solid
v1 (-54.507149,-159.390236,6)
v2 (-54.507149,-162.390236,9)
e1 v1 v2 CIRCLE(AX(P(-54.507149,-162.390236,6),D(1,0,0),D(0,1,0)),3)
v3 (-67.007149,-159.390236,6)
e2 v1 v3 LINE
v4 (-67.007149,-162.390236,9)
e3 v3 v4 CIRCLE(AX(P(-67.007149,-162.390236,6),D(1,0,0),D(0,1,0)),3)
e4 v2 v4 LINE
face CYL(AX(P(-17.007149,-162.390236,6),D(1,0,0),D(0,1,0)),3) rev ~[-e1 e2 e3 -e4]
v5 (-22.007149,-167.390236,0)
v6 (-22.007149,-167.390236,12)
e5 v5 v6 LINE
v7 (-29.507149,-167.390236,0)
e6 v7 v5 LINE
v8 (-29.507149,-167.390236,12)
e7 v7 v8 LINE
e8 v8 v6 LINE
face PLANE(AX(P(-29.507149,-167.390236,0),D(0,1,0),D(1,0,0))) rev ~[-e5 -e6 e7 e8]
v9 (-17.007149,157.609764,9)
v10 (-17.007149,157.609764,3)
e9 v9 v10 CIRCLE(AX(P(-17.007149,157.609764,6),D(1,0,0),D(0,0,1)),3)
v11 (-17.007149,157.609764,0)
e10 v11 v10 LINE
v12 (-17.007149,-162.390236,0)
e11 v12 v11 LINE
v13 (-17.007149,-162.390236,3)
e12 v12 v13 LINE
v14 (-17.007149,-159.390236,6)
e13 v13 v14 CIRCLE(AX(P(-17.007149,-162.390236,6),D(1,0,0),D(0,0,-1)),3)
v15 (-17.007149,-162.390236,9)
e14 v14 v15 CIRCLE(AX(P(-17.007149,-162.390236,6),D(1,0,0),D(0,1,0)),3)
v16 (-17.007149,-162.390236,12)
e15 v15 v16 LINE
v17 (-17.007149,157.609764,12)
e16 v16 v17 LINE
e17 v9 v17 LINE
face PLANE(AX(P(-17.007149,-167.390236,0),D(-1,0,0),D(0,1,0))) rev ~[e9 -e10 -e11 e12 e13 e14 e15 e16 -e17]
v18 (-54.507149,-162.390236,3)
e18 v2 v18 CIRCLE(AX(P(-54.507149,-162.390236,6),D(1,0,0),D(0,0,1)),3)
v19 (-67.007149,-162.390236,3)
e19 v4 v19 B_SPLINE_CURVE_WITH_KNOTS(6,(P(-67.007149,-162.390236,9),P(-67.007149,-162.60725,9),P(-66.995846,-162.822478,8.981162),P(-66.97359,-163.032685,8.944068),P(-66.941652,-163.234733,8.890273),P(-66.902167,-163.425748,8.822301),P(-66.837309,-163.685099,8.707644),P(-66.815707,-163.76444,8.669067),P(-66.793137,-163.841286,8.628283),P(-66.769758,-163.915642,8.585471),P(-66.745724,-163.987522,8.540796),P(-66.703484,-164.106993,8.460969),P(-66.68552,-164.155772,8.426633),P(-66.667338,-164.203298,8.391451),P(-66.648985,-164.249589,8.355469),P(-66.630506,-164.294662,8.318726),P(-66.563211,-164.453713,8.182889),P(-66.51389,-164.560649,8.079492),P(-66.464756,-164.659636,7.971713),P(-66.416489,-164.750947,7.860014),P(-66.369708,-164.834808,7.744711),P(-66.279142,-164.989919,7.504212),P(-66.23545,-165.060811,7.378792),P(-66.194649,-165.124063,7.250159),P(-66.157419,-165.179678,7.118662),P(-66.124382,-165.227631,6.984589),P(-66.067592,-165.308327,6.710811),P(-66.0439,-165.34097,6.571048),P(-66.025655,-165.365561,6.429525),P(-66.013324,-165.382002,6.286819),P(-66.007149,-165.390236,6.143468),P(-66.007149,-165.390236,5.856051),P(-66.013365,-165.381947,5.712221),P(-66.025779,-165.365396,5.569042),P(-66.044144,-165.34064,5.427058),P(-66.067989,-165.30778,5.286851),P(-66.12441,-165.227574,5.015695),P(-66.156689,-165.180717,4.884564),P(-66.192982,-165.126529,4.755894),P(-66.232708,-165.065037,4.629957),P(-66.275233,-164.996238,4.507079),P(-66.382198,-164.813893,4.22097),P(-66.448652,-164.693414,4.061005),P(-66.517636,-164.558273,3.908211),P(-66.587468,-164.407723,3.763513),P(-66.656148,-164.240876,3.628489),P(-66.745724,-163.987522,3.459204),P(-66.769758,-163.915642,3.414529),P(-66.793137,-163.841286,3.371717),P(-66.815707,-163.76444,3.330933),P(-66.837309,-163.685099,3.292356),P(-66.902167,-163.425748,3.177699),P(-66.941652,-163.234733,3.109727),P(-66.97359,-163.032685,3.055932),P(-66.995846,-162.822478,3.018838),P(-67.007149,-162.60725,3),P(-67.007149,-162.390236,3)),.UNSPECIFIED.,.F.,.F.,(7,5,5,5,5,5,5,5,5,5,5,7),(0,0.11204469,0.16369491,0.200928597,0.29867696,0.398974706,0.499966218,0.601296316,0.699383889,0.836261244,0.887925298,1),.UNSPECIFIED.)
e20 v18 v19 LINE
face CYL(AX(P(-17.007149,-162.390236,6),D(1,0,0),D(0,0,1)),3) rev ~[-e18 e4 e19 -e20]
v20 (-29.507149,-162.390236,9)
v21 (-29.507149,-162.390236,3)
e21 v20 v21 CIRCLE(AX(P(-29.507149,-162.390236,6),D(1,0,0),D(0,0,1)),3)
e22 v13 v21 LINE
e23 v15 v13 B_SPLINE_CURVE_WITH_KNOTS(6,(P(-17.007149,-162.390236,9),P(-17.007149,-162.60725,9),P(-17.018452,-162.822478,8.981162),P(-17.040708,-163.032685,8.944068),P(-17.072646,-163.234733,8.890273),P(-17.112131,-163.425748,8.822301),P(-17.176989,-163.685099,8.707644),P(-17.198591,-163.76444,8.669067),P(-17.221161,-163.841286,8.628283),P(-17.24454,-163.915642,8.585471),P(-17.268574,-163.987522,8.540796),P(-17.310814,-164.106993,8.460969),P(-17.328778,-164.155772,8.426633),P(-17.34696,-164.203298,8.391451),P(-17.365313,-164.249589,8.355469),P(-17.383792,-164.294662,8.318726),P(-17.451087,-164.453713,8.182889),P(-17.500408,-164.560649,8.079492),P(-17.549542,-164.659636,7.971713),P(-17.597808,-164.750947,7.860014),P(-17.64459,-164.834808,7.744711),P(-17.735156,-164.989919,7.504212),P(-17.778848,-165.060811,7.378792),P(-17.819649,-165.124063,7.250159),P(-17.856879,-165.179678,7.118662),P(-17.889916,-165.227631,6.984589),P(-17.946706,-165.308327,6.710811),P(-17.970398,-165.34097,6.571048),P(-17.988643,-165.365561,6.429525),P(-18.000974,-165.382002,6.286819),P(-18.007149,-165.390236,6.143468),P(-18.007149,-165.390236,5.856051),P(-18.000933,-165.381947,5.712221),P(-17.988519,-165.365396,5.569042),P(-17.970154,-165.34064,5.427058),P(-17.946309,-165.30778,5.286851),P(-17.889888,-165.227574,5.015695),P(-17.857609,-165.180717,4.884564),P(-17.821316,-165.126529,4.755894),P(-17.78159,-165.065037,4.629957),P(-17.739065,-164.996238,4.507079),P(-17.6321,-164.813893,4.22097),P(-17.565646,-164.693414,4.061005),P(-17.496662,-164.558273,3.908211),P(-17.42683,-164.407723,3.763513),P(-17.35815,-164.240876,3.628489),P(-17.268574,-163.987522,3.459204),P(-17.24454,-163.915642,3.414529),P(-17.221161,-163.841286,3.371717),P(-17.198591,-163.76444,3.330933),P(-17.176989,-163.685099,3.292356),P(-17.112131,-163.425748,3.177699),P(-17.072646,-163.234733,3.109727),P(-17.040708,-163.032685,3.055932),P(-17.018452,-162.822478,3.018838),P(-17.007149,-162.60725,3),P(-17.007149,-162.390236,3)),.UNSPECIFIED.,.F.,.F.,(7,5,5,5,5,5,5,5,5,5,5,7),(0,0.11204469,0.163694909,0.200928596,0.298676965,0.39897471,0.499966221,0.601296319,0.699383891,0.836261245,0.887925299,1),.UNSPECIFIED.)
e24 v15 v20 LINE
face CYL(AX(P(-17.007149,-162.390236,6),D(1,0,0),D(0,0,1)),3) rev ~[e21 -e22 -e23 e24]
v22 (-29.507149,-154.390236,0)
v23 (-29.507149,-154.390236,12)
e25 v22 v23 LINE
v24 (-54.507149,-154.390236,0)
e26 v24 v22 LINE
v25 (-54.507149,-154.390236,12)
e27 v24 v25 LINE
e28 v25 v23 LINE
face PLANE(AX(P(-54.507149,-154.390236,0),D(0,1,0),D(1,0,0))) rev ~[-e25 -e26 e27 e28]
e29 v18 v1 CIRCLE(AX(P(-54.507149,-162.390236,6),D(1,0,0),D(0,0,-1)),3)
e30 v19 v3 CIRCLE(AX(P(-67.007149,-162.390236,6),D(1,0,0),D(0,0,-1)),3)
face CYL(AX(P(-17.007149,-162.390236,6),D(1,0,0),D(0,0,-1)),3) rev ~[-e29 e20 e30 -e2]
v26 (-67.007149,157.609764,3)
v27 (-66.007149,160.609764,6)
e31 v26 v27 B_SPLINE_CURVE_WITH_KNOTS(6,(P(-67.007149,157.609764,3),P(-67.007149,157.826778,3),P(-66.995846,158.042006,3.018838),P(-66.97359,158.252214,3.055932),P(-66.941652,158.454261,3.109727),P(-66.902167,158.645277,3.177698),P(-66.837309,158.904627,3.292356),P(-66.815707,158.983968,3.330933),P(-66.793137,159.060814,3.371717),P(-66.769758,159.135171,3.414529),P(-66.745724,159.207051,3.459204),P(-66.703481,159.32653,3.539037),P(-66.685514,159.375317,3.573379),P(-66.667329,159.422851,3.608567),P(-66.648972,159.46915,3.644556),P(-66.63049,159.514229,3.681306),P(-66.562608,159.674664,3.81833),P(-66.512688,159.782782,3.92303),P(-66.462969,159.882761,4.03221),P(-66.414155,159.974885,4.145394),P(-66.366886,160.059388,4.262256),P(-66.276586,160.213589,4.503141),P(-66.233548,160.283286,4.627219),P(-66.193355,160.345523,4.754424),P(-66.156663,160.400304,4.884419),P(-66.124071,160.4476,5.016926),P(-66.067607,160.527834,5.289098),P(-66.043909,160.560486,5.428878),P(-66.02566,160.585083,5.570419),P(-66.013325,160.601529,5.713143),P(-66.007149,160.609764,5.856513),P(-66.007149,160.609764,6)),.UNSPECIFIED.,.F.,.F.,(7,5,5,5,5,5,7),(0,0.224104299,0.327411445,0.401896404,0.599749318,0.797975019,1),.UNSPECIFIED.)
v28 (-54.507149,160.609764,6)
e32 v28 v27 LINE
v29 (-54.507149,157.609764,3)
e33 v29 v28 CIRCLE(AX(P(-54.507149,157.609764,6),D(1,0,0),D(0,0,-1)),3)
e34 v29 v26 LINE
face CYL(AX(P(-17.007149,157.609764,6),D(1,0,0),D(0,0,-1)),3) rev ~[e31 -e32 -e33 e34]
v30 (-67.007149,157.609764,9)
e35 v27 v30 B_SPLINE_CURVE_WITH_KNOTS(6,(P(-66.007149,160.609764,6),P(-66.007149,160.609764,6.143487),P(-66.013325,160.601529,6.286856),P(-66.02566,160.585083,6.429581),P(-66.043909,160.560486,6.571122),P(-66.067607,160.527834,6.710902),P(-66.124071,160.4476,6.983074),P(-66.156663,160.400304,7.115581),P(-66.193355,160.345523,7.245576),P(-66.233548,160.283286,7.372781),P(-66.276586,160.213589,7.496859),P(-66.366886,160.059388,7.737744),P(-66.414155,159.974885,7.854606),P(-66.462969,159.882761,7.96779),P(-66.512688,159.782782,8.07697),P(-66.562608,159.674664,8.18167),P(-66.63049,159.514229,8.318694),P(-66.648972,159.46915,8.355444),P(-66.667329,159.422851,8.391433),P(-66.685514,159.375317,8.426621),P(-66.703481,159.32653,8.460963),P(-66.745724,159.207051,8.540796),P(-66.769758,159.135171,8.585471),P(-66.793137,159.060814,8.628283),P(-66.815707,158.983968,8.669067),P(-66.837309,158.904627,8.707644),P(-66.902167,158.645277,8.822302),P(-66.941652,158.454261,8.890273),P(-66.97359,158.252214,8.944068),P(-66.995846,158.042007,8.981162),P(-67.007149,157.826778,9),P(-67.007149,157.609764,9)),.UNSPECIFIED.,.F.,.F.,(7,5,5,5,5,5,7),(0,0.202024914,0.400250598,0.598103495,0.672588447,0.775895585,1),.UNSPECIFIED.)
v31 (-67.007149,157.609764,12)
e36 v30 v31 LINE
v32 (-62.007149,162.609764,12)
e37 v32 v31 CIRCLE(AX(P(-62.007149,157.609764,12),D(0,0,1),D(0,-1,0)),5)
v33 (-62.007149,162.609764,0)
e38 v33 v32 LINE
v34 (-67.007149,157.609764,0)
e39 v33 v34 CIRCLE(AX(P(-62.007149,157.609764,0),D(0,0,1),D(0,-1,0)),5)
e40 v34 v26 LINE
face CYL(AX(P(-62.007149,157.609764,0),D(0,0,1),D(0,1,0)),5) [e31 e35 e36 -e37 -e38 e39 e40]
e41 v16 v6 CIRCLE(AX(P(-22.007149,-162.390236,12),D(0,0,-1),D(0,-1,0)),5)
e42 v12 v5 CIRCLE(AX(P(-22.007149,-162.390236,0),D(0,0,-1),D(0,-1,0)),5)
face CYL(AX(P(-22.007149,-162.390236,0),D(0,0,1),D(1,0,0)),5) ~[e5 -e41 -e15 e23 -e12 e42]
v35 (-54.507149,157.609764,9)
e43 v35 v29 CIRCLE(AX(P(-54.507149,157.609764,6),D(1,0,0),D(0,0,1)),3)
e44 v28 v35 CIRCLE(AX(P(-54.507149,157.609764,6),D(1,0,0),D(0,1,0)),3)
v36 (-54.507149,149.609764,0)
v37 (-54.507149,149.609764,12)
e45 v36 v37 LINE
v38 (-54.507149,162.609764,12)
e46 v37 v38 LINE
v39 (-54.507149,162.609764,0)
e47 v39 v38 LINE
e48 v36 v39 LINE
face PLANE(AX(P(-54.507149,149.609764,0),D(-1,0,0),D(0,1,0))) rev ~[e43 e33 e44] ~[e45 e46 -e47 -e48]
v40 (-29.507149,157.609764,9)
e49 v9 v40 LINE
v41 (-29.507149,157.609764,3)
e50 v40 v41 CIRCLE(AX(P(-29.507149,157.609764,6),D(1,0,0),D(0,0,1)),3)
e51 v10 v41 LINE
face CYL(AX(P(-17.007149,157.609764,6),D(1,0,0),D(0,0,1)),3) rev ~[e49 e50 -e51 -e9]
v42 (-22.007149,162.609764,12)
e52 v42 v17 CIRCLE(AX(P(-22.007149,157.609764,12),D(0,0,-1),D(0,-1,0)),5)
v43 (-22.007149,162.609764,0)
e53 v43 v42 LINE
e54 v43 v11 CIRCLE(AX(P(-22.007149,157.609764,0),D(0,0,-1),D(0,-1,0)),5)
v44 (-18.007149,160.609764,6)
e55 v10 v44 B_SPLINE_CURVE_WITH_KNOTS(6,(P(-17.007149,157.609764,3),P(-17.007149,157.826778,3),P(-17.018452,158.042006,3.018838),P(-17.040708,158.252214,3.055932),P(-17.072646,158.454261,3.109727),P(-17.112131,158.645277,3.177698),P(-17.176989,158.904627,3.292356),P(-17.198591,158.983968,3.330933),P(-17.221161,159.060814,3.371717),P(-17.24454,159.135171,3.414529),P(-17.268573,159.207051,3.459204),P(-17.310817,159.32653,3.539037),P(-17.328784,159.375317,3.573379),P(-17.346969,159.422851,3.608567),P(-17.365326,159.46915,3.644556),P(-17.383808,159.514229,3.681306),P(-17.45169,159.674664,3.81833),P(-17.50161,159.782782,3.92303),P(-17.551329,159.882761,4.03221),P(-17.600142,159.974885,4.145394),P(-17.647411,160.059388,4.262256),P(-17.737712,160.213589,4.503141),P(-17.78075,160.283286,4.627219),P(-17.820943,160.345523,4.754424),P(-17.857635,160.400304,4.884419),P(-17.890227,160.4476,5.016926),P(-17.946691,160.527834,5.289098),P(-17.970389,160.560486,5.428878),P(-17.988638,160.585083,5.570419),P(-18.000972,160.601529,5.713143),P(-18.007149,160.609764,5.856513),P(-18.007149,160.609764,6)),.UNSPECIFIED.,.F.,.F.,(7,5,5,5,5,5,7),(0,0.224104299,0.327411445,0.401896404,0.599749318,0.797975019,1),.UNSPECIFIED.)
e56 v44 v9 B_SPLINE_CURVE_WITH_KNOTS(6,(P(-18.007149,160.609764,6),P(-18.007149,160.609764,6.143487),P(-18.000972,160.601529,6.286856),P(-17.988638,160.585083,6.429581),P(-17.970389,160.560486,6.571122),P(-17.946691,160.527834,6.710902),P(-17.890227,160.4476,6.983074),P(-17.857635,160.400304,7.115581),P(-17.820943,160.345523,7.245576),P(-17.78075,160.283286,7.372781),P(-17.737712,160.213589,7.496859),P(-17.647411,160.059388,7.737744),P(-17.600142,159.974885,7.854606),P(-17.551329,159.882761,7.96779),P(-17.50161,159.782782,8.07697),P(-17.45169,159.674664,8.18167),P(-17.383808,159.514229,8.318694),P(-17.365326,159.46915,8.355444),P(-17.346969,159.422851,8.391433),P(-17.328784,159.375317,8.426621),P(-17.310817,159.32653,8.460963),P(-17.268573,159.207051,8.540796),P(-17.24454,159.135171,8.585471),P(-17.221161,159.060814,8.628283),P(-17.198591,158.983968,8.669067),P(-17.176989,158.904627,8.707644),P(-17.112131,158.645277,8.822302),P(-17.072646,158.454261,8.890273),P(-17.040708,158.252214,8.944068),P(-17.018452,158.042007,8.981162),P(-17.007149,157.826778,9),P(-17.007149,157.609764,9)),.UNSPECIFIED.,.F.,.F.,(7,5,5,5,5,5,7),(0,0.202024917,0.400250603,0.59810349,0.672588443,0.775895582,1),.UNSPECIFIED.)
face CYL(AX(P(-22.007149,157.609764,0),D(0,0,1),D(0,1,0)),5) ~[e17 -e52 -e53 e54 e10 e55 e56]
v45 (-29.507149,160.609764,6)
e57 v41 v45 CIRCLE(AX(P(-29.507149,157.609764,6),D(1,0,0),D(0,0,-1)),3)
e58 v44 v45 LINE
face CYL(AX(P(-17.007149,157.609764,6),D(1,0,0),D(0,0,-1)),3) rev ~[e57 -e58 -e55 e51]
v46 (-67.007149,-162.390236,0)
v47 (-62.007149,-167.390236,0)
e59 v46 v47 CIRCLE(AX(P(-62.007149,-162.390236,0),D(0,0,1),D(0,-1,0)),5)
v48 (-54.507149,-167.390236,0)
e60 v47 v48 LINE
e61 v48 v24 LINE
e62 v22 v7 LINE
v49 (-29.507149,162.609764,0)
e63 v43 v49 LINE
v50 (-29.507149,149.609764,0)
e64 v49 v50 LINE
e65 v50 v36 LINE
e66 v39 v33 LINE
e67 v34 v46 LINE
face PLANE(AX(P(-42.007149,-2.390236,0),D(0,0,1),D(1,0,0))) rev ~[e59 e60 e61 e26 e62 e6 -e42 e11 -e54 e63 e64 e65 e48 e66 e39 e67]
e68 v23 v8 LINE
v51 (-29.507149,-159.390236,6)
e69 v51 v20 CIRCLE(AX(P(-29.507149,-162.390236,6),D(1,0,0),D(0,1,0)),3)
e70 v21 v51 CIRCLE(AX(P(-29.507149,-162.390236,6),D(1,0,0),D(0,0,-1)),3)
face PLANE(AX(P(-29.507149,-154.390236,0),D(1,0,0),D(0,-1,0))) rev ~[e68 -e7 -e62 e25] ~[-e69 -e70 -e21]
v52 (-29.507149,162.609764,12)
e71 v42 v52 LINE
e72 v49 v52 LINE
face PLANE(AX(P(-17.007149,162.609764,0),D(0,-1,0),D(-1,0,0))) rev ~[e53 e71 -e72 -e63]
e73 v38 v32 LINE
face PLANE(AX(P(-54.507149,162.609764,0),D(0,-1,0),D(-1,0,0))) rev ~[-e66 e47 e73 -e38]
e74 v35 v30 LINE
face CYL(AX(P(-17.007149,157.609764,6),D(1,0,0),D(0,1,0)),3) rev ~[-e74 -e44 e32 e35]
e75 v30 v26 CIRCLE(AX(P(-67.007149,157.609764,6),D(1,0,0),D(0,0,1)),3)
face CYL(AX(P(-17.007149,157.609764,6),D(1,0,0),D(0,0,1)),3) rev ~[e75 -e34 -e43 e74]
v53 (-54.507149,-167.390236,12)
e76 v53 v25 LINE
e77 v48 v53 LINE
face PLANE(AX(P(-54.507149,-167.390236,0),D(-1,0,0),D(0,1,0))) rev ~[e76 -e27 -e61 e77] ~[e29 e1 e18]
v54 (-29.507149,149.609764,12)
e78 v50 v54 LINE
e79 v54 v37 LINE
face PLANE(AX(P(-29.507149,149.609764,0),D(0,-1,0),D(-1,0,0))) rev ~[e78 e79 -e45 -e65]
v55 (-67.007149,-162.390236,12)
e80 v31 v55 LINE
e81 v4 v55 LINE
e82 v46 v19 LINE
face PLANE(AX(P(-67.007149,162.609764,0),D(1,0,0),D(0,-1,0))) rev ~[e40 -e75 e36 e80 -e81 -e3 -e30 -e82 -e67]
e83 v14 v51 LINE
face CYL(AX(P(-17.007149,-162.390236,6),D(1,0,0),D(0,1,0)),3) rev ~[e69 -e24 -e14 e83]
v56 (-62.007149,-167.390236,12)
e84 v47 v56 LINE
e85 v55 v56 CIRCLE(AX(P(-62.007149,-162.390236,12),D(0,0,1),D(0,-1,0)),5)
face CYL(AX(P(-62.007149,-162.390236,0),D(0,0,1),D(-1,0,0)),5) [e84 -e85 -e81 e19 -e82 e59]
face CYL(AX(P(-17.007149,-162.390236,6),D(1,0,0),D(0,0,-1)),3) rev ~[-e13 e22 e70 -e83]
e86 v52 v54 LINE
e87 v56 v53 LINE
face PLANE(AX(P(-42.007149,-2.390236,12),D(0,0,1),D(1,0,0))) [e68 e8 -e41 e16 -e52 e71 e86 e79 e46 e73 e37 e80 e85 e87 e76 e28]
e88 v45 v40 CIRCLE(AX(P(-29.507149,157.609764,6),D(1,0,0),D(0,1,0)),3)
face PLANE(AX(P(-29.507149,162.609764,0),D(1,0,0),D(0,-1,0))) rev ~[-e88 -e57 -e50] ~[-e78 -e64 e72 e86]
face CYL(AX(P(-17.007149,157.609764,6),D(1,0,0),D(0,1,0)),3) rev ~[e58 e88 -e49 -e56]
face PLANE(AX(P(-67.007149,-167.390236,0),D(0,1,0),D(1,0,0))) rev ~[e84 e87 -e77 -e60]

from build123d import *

# Parameters (mm, degrees)
F1_DEPTH = 12
F2_R     = 5
F3_R     = 5
F5_DEPTH = 50.001


with BuildPart() as f1:
    # F0 (on Top) → F1 (new body)
    with BuildSketch(Plane.XY):
        Polygon((-54.5071489434, 162.6097643375), (-67.0071489434, 162.6097643375), (-67.0071489434, -167.3902356625), (-54.5071489434, -167.3902356625), (-54.5071489434, -154.3902356625), (-29.5071489434, -154.3902356625), (-29.5071489434, -167.3902356625), (-17.0071489434, -167.3902356625), (-17.0071489434, 162.6097643375), (-29.5071489434, 162.6097643375), (-29.5071489434, 149.6097643375), (-54.5071489434, 149.6097643375), align=None)
    extrude(amount=F1_DEPTH)

    # F2
    f2_edges = [f1.edges().sort_by_distance(p)[0] for p in [
        (-67.007149, 162.609764, 6),
    ]]
    fillet(f2_edges, radius=F2_R)

    # F3
    f3_edges = [f1.edges().sort_by_distance(p)[0] for p in [
        (-67.007149, -167.390236, 6),
        (-17.007149, -167.390236, 6),
        (-17.007149, 162.609764, 6),
    ]]
    fillet(f3_edges, radius=F3_R)

    # F4 (on face) → F5 (cut, through all)
    with BuildSketch(Plane.YZ.offset(-17.0071489434)):
        with BuildLine():
            Line((157.6097643375, 3), (157.6097643375, 9))
            ThreePointArc((157.6097643375, 9), (154.6097643375, 6), (157.6097643375, 3))
        make_face()
        with BuildLine():
            ThreePointArc((160.6097643375, 6), (159.7310846811, 8.1213203436), (157.6097643375, 9))
            Line((157.6097643375, 9), (157.6097643375, 3))
            ThreePointArc((157.6097643375, 3), (159.7310846811, 3.8786796564), (160.6097643375, 6))
        make_face()
        with BuildLine():
            Line((-162.3902356625, 3), (-162.3902356625, 9))
            ThreePointArc((-162.3902356625, 9), (-165.3902356625, 6), (-162.3902356625, 3))
        make_face()
        with BuildLine():
            ThreePointArc((-162.3902356625, 3), (-160.2689153189, 3.8786796564), (-159.3902356625, 6))
            ThreePointArc((-159.3902356625, 6), (-160.2689153189, 8.1213203436), (-162.3902356625, 9))
            Line((-162.3902356625, 9), (-162.3902356625, 3))
        make_face()
    extrude(amount=-F5_DEPTH, mode=Mode.SUBTRACT)


solid = f1.part
